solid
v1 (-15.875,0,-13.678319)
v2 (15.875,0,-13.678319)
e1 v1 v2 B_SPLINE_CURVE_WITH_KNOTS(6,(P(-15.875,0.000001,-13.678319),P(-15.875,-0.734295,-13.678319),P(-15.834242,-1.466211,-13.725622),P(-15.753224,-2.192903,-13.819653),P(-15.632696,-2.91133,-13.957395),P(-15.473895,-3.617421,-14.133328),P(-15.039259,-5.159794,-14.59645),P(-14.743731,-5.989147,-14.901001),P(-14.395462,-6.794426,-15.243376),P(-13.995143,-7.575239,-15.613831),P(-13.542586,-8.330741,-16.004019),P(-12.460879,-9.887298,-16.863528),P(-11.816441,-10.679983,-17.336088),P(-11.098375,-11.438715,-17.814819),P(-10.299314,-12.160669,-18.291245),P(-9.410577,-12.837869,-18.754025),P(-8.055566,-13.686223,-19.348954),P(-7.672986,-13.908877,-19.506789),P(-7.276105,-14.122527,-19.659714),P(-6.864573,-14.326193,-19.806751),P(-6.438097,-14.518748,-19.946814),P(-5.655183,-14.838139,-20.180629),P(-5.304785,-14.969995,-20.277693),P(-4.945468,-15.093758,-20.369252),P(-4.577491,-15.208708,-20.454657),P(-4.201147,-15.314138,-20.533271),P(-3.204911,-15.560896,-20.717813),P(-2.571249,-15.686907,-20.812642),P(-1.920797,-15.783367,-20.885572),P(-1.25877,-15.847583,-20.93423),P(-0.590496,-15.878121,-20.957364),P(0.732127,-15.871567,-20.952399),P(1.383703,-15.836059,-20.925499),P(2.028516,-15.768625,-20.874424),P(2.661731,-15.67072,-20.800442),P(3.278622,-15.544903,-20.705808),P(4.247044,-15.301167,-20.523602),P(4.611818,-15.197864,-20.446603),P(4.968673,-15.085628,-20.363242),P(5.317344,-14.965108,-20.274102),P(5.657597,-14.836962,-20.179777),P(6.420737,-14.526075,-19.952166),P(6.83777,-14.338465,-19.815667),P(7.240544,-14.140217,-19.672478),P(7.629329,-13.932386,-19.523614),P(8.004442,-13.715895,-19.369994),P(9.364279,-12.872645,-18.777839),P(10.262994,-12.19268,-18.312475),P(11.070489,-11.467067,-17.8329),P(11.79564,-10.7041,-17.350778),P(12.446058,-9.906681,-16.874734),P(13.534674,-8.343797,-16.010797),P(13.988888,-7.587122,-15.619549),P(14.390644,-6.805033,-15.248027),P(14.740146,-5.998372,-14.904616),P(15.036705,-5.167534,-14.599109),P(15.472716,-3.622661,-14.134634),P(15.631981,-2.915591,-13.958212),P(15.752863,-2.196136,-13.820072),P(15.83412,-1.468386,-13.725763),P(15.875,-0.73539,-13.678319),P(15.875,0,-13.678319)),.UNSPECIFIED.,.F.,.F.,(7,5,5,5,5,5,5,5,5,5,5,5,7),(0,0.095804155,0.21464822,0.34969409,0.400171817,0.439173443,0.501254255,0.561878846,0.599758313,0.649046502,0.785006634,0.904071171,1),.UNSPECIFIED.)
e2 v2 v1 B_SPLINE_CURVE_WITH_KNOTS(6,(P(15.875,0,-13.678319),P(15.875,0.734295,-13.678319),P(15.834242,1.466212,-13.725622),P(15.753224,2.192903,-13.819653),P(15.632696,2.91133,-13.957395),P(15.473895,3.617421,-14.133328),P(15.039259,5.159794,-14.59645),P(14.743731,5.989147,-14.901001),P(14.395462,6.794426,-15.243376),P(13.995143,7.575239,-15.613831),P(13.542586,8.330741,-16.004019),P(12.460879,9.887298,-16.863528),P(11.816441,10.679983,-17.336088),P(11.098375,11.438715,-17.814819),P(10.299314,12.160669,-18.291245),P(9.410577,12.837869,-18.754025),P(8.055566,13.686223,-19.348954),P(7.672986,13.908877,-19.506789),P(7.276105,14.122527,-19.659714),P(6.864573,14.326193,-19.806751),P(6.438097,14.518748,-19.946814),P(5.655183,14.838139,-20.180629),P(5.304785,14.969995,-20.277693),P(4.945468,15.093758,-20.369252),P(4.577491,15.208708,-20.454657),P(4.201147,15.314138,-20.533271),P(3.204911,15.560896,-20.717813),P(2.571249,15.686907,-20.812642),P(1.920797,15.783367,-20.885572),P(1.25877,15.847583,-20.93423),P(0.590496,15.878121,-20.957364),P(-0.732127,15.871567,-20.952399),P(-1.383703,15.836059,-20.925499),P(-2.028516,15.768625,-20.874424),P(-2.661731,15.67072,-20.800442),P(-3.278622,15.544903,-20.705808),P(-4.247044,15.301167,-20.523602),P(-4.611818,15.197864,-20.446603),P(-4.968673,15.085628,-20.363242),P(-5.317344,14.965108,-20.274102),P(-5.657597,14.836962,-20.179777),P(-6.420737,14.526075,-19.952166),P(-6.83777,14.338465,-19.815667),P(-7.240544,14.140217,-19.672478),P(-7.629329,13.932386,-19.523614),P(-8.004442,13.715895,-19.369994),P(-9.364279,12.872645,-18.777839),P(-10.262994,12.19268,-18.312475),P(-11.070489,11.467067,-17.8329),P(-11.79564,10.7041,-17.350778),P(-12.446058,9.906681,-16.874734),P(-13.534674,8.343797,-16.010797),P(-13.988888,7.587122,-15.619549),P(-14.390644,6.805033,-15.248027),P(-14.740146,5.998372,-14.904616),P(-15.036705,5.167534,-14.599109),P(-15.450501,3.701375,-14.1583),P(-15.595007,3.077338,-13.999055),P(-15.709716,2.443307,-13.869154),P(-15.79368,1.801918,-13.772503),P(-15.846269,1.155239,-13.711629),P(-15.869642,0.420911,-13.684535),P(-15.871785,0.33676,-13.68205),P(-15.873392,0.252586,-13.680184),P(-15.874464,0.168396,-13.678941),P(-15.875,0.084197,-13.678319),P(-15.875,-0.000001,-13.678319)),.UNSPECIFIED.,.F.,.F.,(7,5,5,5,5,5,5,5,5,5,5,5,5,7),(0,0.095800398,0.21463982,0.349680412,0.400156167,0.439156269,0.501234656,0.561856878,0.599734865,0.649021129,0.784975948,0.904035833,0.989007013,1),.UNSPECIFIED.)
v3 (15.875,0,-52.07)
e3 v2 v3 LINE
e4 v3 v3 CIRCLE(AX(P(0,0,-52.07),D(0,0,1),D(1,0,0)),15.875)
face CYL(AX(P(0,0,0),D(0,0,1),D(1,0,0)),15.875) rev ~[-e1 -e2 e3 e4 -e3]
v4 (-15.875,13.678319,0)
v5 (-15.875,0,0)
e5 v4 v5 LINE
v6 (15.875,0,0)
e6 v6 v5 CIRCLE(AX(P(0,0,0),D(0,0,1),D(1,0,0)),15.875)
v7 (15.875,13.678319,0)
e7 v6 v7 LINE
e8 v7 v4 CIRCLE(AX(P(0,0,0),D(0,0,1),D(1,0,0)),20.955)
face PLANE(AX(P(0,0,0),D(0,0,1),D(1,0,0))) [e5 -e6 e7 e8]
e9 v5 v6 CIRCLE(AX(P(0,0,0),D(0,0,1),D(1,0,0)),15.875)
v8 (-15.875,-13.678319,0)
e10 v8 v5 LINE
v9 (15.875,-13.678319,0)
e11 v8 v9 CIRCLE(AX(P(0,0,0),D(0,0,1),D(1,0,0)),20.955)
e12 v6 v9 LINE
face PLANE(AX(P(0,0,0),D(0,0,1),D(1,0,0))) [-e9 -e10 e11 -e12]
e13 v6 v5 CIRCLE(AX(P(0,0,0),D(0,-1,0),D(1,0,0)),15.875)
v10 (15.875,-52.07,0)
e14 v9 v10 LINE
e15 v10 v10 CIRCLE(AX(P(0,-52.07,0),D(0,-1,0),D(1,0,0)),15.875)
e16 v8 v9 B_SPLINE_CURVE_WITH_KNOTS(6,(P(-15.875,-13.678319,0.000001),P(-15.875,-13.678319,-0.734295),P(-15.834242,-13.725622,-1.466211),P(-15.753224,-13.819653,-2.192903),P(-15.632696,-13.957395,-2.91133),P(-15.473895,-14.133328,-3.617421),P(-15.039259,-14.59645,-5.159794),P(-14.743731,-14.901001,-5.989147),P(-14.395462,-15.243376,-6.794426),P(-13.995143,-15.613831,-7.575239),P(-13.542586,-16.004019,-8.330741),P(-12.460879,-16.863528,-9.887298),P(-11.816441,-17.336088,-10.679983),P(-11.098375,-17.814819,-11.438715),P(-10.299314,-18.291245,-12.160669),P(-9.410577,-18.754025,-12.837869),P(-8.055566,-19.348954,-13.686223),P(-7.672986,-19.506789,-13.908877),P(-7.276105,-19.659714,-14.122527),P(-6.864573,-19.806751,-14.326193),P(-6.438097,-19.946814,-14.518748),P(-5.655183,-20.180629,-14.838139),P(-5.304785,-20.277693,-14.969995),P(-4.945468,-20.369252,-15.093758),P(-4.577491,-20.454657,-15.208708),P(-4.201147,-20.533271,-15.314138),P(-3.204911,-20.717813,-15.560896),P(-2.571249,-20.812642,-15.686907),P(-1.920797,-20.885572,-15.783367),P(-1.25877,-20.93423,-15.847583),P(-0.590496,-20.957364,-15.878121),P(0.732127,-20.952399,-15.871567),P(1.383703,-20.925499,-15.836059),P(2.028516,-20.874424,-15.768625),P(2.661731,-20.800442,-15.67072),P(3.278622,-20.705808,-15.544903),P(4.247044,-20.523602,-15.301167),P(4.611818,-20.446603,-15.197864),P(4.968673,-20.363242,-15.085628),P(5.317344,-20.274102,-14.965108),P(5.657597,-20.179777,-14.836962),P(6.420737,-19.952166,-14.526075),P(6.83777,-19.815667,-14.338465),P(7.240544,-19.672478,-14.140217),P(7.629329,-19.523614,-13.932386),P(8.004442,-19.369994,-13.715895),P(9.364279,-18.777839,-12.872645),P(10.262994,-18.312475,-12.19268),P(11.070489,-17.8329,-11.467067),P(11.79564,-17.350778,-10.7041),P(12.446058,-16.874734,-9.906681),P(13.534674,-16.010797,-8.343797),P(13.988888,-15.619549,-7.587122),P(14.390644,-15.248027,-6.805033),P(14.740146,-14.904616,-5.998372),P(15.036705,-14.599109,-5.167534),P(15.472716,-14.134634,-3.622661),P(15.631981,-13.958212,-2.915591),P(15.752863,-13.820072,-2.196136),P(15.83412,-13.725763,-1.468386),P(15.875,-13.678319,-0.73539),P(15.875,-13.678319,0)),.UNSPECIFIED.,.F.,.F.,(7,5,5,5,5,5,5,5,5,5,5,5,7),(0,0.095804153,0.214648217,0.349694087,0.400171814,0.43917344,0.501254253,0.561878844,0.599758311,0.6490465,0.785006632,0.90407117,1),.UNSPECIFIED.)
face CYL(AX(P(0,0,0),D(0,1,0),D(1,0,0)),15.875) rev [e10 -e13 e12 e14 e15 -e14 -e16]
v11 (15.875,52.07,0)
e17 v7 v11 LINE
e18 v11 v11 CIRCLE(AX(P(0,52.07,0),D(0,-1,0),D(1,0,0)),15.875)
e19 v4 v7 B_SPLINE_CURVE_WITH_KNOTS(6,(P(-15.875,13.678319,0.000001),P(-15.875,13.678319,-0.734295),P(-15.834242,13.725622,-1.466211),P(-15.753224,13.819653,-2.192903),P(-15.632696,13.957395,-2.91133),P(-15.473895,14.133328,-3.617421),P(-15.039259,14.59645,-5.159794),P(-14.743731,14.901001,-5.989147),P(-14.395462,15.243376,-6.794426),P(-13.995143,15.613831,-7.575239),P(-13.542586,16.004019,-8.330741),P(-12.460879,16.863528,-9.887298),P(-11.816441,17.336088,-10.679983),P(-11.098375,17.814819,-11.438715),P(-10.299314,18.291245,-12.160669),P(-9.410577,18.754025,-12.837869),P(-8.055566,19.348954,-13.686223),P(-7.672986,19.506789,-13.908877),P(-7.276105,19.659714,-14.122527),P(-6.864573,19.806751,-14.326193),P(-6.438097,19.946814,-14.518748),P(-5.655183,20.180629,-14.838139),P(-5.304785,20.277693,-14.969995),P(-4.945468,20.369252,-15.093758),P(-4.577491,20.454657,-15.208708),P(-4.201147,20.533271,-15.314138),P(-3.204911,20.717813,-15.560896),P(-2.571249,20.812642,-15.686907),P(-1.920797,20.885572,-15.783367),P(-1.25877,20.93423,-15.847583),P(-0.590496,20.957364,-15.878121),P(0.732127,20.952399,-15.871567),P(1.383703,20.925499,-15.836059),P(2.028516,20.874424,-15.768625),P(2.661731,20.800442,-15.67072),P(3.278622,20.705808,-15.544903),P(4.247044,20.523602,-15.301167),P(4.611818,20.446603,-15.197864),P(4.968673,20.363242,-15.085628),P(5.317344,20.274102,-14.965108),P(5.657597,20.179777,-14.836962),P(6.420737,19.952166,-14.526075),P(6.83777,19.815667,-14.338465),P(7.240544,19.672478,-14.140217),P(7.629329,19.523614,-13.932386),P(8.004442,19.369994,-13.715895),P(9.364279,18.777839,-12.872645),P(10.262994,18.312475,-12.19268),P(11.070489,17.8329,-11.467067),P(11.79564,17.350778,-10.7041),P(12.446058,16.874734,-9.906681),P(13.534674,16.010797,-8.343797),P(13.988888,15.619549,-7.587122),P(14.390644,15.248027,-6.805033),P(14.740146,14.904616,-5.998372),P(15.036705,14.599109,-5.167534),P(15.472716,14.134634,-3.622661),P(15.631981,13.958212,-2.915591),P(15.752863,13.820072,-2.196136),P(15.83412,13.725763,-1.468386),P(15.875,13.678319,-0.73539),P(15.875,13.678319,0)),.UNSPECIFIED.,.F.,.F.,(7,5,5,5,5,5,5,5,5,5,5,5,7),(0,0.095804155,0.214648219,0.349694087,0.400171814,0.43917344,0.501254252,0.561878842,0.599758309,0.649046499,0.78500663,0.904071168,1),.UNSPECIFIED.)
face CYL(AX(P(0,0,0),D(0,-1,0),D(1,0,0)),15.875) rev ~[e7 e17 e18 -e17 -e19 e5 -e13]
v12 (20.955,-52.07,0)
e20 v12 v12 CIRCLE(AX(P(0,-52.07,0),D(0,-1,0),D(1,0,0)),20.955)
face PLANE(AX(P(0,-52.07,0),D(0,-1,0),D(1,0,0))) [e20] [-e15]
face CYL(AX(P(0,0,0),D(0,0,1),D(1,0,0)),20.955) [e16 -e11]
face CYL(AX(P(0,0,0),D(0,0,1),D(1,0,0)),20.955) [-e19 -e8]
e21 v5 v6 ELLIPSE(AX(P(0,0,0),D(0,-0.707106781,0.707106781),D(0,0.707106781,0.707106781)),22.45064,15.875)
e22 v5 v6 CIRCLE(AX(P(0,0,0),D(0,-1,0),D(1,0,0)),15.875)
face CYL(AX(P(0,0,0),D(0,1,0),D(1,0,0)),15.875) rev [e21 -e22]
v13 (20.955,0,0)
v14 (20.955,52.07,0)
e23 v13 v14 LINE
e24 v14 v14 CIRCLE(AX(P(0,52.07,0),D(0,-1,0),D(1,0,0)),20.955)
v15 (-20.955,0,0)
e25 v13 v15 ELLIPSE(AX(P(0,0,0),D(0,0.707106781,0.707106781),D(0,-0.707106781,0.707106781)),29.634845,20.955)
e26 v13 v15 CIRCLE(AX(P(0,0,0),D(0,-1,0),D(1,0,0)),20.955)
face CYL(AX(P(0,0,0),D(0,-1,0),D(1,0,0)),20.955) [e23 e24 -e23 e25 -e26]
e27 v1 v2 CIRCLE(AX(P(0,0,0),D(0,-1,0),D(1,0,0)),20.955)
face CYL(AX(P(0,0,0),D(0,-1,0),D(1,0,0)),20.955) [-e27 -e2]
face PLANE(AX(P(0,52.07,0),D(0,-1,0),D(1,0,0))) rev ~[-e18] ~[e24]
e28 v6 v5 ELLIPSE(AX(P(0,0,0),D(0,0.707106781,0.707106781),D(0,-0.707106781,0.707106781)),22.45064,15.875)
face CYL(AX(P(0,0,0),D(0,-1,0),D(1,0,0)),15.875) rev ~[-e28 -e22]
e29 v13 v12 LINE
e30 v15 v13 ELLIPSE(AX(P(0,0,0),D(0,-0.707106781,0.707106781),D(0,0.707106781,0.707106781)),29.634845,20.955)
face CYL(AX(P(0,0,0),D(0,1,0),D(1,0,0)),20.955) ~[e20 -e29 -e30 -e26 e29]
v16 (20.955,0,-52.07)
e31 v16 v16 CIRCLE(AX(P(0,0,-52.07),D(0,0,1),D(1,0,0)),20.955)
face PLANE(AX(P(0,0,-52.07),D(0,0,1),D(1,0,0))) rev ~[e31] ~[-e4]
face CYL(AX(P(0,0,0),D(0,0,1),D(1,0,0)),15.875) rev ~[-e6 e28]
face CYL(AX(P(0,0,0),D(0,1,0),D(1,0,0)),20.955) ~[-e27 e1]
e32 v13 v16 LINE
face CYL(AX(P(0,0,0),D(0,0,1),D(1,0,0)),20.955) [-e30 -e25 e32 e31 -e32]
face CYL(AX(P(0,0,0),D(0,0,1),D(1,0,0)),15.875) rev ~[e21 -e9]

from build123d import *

# Parameters (mm, degrees)
F0_R          = 20.955
F0_R_2        = 15.875
F1_DEPTH      = 52.07
F2_R          = 20.955
F2_R_2        = 15.875
F3_DEPTH      = 52.07
F3_DEPTH_BACK = 52.07


with BuildPart() as f1:
    # F0 (on Top) → F1 (new body)
    with BuildSketch(Plane.XY):
        Circle(F0_R)
        Circle(F0_R_2, mode=Mode.SUBTRACT)
    extrude(amount=-F1_DEPTH)

    # F2 (on Front) → F3 (join, two sides)
    with BuildSketch(Plane.XZ) as f3_sk:
        Circle(F2_R)
        Circle(F2_R_2, mode=Mode.SUBTRACT)
    extrude(amount=F3_DEPTH)
    extrude(f3_sk.sketch, amount=-F3_DEPTH_BACK)


solid = f1.part
